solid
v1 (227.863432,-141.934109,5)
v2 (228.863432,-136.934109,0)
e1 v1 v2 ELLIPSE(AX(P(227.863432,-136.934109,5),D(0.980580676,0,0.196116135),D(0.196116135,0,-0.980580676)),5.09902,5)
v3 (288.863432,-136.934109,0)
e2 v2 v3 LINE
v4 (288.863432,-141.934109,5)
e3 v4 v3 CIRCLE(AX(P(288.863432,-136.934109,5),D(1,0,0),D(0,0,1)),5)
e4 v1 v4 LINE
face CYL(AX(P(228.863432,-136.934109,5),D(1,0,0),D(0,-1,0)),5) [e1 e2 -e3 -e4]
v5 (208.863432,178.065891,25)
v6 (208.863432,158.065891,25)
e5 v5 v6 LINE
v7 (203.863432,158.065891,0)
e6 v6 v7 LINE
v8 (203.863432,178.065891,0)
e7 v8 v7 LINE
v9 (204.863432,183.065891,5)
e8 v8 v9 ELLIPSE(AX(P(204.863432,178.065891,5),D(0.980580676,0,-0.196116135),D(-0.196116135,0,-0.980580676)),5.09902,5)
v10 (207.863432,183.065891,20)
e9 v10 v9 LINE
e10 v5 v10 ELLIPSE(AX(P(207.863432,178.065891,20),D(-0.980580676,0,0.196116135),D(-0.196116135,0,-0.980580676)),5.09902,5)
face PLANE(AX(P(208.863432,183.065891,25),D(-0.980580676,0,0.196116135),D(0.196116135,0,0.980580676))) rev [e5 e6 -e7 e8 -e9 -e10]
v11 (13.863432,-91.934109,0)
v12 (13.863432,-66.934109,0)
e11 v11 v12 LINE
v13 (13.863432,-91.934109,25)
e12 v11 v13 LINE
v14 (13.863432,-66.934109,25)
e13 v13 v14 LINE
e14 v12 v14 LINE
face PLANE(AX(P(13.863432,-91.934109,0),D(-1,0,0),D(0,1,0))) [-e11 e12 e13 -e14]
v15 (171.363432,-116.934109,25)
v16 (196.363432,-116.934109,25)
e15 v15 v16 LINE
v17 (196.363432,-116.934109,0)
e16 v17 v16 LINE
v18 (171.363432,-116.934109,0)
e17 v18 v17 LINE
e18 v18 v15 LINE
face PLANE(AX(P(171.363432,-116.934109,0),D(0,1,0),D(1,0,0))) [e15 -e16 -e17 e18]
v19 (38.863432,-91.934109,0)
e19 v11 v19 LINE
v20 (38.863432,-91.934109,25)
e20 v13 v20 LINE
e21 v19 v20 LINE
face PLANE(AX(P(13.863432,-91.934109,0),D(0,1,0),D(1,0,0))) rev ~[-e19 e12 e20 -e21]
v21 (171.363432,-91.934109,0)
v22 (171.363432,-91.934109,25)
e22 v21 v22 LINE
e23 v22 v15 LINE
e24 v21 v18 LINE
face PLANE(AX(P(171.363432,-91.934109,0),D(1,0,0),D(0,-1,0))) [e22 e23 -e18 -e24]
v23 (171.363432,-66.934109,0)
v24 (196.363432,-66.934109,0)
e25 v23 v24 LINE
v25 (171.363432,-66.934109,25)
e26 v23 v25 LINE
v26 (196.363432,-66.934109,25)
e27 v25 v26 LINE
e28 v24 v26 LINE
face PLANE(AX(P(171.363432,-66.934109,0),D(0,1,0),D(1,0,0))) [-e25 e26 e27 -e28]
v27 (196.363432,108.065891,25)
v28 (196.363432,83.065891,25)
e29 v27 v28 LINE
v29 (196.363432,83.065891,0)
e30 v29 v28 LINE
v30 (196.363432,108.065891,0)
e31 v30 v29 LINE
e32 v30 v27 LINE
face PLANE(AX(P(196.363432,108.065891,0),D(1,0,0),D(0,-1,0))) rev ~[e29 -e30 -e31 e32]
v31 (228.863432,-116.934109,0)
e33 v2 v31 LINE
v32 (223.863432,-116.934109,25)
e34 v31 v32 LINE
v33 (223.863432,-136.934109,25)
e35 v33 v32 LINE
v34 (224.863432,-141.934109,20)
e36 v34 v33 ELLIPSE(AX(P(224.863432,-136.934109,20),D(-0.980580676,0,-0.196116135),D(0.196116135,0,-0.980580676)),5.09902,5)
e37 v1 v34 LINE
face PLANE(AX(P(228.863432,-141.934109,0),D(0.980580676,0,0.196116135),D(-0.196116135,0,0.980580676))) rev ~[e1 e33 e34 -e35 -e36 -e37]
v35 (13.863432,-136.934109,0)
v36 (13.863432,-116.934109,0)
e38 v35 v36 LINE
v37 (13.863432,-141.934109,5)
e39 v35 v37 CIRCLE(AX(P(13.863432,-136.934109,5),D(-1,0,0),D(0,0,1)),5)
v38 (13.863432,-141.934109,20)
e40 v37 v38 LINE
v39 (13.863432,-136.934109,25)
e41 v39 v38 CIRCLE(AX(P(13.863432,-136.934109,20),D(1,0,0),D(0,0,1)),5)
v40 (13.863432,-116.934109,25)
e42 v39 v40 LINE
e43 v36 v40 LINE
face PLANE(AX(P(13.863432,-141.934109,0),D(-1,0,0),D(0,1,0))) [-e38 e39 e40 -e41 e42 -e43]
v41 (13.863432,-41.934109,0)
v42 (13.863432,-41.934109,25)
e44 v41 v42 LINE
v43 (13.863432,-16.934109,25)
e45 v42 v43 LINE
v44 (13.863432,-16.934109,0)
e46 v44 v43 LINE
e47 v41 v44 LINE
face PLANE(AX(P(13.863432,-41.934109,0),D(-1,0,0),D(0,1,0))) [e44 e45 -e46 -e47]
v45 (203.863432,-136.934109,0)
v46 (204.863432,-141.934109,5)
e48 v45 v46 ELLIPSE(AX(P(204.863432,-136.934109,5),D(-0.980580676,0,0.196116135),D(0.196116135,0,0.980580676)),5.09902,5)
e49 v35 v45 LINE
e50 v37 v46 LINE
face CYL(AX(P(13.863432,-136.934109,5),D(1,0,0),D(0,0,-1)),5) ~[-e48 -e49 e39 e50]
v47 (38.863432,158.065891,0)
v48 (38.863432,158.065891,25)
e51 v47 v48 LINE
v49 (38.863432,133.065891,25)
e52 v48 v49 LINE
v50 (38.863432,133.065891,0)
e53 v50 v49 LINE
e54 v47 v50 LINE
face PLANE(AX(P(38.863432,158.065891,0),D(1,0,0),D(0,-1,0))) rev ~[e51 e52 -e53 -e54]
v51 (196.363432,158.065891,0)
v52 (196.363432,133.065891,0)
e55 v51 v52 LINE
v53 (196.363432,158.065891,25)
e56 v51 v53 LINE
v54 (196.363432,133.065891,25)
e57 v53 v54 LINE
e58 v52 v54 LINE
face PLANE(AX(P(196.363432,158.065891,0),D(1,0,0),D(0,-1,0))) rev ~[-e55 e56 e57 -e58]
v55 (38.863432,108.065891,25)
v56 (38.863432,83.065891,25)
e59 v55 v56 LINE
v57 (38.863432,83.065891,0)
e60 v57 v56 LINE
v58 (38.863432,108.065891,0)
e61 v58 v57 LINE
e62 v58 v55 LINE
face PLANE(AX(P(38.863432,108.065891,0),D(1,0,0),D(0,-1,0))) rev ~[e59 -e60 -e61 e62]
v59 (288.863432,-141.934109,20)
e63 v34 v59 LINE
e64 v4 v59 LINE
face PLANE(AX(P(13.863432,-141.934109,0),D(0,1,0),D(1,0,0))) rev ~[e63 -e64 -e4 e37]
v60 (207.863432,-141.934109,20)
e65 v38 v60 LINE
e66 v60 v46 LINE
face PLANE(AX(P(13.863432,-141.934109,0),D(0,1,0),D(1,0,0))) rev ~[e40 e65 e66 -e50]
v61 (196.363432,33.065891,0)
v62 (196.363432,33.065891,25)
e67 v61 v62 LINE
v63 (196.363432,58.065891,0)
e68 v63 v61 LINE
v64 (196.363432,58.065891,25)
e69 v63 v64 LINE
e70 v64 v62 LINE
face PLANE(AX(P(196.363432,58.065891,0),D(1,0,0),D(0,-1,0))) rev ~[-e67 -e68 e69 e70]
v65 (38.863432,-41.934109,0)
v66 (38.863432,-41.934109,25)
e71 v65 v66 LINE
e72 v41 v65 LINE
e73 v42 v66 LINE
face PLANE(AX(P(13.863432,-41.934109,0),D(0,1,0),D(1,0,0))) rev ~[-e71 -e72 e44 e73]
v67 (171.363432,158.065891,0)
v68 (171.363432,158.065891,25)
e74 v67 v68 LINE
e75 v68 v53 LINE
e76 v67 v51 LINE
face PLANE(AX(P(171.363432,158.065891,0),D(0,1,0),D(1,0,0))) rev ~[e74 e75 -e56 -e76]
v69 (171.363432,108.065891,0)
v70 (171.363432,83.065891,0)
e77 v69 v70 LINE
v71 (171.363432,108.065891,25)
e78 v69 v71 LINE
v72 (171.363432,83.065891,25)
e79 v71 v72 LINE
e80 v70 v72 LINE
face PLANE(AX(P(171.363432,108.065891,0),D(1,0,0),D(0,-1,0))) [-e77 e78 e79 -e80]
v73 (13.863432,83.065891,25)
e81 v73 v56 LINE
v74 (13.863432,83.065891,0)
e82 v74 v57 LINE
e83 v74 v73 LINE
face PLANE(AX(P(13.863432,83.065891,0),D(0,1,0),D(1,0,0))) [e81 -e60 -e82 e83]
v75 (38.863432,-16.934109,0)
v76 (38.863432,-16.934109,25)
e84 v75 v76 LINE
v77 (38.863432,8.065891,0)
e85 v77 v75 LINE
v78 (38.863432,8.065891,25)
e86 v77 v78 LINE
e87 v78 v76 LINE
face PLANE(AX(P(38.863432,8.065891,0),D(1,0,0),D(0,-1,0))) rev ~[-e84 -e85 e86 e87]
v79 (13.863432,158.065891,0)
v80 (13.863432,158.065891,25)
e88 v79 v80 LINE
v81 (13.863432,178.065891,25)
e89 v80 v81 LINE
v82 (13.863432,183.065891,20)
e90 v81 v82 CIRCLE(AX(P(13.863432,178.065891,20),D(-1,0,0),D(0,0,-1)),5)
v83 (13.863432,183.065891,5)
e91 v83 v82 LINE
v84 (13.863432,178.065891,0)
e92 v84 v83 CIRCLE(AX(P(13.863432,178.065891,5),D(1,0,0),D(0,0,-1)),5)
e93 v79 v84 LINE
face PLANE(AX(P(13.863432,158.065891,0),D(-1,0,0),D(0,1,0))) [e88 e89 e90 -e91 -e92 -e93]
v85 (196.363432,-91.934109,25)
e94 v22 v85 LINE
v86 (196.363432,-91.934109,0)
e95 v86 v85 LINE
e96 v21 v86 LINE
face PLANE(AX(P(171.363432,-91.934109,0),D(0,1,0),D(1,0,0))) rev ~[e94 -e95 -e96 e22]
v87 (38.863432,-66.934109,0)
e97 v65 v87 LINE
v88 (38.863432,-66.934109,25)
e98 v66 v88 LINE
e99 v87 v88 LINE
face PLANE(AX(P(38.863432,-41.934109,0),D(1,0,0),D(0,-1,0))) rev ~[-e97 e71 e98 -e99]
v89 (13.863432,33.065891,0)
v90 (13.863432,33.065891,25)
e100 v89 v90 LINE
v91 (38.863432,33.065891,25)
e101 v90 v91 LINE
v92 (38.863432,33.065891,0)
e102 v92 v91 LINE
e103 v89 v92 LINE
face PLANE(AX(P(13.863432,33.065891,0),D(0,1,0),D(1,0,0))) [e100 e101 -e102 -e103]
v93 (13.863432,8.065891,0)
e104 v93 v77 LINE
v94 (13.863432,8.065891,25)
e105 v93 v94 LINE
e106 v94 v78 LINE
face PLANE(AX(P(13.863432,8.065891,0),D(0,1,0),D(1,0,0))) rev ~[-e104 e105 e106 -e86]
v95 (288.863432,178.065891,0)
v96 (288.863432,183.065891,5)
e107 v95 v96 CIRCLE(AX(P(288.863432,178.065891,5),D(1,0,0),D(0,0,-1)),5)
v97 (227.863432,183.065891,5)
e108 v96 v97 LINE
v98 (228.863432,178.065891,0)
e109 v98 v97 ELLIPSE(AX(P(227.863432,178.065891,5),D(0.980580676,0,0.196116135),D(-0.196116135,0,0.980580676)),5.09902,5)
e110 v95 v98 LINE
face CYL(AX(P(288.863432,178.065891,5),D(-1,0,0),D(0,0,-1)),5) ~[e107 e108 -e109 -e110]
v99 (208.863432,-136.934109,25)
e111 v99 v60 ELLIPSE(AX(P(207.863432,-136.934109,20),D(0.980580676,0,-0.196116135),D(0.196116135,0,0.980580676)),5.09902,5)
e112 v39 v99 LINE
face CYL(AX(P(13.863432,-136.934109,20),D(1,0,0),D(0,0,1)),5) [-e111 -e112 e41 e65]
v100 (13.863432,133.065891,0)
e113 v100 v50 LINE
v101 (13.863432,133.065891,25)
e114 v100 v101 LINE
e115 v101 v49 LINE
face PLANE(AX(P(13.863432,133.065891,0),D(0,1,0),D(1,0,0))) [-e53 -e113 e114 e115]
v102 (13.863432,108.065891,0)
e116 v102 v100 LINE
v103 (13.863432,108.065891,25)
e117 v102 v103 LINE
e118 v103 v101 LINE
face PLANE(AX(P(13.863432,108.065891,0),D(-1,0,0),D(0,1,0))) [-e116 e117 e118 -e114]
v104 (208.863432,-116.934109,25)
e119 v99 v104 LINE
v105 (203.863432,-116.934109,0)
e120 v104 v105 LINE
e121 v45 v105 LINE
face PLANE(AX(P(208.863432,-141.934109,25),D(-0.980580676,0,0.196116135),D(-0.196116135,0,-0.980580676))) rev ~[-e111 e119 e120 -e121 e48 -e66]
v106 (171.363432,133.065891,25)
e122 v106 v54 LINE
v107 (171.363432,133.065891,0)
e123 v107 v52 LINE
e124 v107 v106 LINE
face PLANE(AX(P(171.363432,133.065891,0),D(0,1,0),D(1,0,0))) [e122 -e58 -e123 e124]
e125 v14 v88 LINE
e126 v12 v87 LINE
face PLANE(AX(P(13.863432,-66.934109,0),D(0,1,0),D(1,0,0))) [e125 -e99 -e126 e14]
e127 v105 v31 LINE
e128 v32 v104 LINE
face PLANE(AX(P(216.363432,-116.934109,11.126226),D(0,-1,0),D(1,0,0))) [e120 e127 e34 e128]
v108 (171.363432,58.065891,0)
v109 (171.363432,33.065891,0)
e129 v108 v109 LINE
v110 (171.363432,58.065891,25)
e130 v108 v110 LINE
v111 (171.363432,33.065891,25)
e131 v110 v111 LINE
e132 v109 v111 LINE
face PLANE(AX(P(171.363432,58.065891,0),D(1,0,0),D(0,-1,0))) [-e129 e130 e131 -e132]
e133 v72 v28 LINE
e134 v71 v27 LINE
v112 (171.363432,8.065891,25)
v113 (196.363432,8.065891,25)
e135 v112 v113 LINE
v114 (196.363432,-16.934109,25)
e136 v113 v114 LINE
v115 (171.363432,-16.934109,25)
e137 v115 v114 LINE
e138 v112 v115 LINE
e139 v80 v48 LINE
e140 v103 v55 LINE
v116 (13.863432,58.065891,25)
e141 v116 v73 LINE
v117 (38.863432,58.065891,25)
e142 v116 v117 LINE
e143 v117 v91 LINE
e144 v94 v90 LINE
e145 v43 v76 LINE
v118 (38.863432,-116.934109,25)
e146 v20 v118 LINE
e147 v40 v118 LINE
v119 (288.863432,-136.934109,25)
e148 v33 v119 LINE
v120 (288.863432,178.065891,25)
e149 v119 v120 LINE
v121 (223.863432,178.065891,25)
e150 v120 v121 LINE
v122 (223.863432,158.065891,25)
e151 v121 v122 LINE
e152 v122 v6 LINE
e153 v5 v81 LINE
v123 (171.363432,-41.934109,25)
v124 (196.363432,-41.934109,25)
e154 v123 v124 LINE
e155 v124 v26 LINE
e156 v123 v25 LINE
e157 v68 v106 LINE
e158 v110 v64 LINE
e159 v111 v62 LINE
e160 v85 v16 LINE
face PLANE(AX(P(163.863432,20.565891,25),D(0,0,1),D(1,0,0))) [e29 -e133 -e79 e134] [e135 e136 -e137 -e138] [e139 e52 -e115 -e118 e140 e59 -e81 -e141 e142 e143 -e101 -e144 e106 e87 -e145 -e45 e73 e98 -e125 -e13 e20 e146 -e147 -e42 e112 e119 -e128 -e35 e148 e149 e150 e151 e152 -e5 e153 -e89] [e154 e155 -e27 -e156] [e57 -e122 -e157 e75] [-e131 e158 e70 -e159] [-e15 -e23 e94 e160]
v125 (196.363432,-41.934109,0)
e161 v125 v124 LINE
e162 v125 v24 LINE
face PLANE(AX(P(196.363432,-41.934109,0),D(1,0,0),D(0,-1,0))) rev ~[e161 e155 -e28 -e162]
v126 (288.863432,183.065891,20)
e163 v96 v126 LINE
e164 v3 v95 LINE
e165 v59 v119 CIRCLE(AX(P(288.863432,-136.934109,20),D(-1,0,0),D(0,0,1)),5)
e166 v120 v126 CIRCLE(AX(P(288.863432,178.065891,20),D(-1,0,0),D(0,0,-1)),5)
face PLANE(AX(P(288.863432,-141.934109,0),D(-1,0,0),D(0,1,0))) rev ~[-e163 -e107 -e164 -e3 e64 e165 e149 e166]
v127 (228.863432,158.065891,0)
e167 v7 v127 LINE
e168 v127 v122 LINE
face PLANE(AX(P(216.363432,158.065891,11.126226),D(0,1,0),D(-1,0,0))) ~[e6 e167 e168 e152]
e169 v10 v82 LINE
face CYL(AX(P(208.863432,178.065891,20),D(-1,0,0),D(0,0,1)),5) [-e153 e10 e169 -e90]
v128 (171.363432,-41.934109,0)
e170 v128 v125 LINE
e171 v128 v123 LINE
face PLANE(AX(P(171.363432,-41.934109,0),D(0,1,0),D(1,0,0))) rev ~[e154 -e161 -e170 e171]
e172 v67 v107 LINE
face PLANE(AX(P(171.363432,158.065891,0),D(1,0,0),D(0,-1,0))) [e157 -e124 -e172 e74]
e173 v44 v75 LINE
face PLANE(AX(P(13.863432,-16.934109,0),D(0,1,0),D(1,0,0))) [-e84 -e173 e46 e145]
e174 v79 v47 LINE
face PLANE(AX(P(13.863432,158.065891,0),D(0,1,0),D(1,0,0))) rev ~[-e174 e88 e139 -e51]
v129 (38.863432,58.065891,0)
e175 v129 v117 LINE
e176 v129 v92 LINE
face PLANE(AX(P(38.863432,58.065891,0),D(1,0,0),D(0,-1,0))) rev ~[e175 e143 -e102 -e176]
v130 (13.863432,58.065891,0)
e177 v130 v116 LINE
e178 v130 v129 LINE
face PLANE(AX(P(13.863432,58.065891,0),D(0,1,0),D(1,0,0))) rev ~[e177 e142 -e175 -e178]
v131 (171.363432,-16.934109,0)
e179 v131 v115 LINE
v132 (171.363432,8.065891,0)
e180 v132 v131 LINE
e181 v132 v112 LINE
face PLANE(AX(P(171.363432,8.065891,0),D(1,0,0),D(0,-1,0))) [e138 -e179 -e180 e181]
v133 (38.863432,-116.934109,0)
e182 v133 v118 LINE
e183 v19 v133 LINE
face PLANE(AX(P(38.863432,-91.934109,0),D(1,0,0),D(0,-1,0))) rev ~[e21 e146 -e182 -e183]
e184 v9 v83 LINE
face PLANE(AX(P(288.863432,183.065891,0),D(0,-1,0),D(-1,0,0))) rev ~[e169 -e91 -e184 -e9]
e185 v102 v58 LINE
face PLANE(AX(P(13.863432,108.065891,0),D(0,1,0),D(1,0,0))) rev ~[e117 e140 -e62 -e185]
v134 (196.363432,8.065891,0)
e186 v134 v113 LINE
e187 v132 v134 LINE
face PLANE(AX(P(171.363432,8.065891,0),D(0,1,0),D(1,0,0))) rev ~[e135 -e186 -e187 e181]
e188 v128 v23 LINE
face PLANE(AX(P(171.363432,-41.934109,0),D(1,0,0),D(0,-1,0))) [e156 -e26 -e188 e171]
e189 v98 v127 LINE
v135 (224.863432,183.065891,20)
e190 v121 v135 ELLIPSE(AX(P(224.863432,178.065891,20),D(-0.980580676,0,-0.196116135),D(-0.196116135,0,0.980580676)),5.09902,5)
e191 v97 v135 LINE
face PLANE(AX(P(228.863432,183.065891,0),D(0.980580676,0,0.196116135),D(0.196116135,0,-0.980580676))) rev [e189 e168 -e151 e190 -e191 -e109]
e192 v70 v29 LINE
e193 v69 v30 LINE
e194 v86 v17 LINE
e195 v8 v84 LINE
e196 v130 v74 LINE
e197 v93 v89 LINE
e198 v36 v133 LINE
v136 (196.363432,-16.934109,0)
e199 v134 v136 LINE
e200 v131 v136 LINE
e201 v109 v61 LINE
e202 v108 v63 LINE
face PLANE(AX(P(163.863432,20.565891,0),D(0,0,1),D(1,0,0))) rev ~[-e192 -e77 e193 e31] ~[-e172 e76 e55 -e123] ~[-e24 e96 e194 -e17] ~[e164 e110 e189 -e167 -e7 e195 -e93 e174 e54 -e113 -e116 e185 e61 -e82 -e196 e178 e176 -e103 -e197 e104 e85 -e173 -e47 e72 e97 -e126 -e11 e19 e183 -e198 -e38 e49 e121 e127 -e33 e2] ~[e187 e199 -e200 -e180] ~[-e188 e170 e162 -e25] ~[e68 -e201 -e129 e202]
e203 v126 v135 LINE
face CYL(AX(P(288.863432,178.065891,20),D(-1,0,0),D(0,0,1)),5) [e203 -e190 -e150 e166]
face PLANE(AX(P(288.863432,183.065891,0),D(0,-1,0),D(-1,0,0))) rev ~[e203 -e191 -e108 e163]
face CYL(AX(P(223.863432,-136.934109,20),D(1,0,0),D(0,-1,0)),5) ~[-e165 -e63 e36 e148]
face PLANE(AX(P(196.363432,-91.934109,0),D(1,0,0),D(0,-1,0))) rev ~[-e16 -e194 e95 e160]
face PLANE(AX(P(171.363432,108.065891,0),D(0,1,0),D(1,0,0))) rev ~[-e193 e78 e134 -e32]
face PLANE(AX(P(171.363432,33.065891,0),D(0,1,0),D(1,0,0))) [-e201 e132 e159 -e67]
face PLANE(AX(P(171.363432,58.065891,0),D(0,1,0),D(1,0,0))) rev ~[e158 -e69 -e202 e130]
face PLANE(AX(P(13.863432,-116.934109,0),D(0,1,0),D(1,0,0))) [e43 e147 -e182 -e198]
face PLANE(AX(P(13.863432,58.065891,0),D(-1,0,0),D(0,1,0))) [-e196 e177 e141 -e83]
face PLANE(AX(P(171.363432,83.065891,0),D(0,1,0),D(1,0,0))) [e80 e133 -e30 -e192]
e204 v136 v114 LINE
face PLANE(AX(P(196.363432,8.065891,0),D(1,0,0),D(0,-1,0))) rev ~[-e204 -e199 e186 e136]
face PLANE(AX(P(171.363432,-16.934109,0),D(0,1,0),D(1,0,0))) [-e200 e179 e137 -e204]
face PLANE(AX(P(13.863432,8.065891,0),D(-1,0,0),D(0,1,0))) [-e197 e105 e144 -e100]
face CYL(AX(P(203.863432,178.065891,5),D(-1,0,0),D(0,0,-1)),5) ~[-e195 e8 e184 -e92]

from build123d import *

# Parameters (mm, degrees)
F0_W      = 25
F0_H      = 25
F1_DEPTH  = 25
F3_DEPTH  = 25
F9_W      = 25
F9_H      = 25
F10_DEPTH = 25
F11_R     = 5
F12_R     = 5


with BuildPart() as f1:
    # F0 (on Top) → F1 (new body)
    with BuildSketch(Plane.XY):
        Polygon((38.8634320385, -116.9341091547), (38.8634320385, -141.9341091547), (288.8634320385, -141.9341091547), (288.8634320385, 183.0658908453), (38.8634320385, 183.0658908453), (38.8634320385, 158.0658908453), (38.8634320385, 133.0658908453), (38.8634320385, 108.0658908453), (38.8634320385, 83.0658908453), (38.8634320385, 58.0658908453), (38.8634320385, 33.0658908453), (38.8634320385, 8.0658908453), (38.8634320385, -16.9341091547), (38.8634320385, -41.9341091547), (38.8634320385, -66.9341091547), (38.8634320385, -91.9341091547), align=None)
        with Locations((26.3634320385, -129.4341091547)):
            Rectangle(F0_W, F0_H)
        with Locations((26.3634320385, -79.4341091547)):
            Rectangle(F0_W, F0_H)
        with Locations((26.3634320385, -29.4341091547)):
            Rectangle(F0_W, F0_H)
        with Locations((26.3634320385, 20.5658908453)):
            Rectangle(F0_W, F0_H)
        with Locations((26.3634320385, 70.5658908453)):
            Rectangle(F0_W, F0_H)
        with Locations((26.3634320385, 120.5658908453)):
            Rectangle(F0_W, F0_H)
        with Locations((26.3634320385, 170.5658908453)):
            Rectangle(F0_W, F0_H)
    extrude(amount=F1_DEPTH)

    # F2 (on face) → F3 (cut)
    with BuildSketch(Plane.XZ.offset(141.9341091547)):
        Polygon((208.8634320385, 25), (203.8634320385, 0), (228.8634320385, 0), (223.8634320385, 25), align=None)
    extrude(amount=-F3_DEPTH, mode=Mode.SUBTRACT)

    # F8: F1 across plane


with BuildPart() as f1_1:
    add(f1.part)
    add(f1.part.mirror(Plane(origin=(288.8634320385, 20.5658908453, 0), x_dir=(0, 0, 1), z_dir=(0, 1, 0))), mode=Mode.INTERSECT)

    # F9 (on face) → F10 (cut)
    with BuildSketch(Plane(origin=(0, 0, 0), x_dir=(1, 0, 0), z_dir=(0, 0, -1))):
        with Locations((183.8634320385, -145.5658908453)):
            Rectangle(F9_W, F9_H)
        with Locations((183.8634320385, -95.5658908453)):
            Rectangle(F9_W, F9_H)
        with Locations((183.8634320385, -45.5658908453)):
            Rectangle(F9_W, F9_H)
        with Locations((183.8634320385, 4.4341091547)):
            Rectangle(F9_W, F9_H)
        with Locations((183.8634320385, 54.4341091547)):
            Rectangle(F9_W, F9_H)
        with Locations((183.8634320385, 104.4341091547)):
            Rectangle(F9_W, F9_H)
    extrude(amount=-F10_DEPTH, mode=Mode.SUBTRACT)

    # F11
    f11_edges = [f1_1.edges().sort_by_distance(p)[0] for p in [
        (108.863432, -141.934109, 0),
        (111.363432, -141.934109, 25),
        (256.363432, -141.934109, 25),
        (258.863432, -141.934109, 0),
    ]]
    fillet(f11_edges, radius=F11_R)

    # F12
    f12_edges = [f1_1.edges().sort_by_distance(p)[0] for p in [
        (111.363432, 183.065891, 25),
        (108.863432, 183.065891, 0),
        (258.863432, 183.065891, 0),
        (256.363432, 183.065891, 25),
    ]]
    fillet(f12_edges, radius=F12_R)


solid = f1_1.part
